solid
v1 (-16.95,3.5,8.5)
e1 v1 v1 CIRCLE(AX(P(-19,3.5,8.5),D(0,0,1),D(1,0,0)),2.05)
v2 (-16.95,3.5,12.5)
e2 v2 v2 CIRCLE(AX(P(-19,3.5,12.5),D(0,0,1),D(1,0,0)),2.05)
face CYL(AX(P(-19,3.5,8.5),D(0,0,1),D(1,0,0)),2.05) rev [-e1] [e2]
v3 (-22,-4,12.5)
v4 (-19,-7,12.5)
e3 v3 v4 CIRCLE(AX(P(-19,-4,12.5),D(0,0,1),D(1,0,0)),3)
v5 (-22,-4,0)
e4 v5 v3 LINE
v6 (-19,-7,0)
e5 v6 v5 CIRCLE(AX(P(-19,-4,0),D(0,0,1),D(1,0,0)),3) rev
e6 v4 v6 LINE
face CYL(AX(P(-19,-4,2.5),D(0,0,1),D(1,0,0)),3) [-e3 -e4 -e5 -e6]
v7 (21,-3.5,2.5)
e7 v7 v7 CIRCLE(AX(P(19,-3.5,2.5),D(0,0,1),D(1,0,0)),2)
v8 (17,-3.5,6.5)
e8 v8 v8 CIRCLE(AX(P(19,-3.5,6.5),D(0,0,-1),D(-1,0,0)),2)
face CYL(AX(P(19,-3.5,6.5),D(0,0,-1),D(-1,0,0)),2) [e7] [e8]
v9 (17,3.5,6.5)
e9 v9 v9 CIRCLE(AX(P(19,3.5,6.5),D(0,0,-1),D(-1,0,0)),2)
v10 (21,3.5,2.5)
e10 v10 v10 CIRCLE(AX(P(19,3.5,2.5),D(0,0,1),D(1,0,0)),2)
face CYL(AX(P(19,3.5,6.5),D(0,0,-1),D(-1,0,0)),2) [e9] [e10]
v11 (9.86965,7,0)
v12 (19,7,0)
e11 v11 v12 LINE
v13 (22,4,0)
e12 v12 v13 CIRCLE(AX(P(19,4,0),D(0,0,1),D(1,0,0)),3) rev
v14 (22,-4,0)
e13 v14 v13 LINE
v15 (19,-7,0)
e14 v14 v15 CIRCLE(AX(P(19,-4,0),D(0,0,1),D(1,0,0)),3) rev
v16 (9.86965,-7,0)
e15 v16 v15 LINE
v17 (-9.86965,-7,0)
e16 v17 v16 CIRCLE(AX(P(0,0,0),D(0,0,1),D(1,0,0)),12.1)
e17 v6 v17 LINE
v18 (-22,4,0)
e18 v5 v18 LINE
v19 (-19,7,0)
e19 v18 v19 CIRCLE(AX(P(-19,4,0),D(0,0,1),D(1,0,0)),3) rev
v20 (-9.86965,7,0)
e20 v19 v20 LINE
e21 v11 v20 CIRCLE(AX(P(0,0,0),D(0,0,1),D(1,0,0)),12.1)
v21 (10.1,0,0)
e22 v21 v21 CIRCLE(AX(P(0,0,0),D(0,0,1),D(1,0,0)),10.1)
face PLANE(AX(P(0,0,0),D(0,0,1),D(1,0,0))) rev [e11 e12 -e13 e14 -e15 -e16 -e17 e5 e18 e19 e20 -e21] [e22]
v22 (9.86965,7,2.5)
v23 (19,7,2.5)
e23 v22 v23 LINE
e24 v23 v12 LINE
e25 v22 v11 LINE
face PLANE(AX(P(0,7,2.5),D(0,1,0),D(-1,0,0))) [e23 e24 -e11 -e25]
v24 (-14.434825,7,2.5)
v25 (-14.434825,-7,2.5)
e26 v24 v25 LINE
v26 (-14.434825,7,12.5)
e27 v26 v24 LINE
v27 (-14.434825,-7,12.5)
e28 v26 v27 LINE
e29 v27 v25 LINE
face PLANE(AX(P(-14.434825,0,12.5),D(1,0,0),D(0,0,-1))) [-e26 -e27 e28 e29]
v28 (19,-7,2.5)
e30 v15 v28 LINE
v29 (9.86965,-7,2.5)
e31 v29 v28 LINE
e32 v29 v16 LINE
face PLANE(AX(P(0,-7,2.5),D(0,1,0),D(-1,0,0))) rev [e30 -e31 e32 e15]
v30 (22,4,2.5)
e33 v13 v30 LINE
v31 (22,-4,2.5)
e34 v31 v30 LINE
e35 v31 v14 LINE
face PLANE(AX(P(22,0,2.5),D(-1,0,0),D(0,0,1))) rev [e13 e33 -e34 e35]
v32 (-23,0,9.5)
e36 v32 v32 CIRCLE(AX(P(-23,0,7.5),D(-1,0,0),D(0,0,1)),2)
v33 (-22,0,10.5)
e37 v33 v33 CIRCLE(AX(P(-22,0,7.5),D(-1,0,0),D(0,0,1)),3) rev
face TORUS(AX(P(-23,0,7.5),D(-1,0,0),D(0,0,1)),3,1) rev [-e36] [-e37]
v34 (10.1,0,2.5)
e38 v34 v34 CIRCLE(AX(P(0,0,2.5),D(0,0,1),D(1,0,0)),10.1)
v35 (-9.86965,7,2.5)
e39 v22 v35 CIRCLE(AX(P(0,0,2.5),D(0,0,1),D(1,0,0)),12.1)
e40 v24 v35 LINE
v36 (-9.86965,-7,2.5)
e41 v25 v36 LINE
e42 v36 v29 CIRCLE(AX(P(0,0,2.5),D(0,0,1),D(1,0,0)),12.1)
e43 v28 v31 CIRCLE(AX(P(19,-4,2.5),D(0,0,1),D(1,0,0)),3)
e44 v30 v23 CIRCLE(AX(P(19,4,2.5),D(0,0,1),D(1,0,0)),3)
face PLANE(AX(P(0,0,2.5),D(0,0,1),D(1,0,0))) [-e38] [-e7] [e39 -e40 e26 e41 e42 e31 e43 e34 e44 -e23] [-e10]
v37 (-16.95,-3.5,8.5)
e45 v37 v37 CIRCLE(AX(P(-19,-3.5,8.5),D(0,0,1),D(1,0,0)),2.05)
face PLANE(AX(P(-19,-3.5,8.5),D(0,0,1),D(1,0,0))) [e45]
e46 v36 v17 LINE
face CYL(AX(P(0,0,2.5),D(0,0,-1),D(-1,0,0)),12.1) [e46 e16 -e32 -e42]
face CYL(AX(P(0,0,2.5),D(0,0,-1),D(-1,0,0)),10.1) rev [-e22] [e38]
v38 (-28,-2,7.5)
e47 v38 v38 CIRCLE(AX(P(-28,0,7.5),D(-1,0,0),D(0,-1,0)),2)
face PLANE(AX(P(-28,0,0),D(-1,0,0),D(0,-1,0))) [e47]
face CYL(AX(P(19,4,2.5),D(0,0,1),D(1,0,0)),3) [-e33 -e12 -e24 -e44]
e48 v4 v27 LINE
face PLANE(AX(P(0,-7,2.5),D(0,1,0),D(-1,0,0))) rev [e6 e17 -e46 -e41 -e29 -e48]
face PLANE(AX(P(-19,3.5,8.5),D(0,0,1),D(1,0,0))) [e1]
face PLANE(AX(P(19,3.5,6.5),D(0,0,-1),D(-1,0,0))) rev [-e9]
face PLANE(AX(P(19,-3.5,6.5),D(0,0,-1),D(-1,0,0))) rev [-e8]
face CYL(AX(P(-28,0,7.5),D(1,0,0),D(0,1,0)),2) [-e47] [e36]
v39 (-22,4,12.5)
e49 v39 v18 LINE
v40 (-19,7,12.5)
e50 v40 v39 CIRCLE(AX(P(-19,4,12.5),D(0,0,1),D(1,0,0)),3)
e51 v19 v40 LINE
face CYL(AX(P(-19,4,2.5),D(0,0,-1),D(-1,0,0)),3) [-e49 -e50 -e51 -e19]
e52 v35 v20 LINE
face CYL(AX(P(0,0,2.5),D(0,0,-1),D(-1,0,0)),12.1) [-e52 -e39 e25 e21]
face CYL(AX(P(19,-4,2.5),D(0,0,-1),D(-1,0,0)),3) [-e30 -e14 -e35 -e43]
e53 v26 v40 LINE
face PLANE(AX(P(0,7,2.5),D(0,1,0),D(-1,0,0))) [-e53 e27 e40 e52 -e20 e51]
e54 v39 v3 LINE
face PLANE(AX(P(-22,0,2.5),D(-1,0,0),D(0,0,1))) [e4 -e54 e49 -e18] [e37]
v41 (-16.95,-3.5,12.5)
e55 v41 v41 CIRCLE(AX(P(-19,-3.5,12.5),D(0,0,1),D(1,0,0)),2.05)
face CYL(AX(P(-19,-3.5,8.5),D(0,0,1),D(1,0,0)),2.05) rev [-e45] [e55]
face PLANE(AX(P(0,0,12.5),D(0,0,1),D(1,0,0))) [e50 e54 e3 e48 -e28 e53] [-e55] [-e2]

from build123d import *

# Parameters (mm, degrees)
EXTRUDE_1_DEPTH     = 2.5
FILLET_1_R          = 3
EXTRUDE_START       = 10
EXTRUDE_2_DEPTH     = 10
SKETCH_3_R          = 2
EXTRUDE_3_DEPTH     = 6
SKETCH_5_R          = 2
EXTRUDE_4_DEPTH     = 4
SKETCH_6_R          = 2.05
CUT_EXTRUDE_1_DEPTH = 4
FILLET_2_R          = 1


with BuildPart() as part:
    # 草图1 → 凸台-拉伸1 (new body)
    with BuildSketch(Plane.XY):
        with BuildLine():
            ThreePointArc((9.86965045, 7), (0, 12.1), (-9.86965045, 7))
            Line((-9.86965045, 7), (-7.28079666, 7))
            ThreePointArc((-7.28079666, 7), (0, 10.1), (7.28079666, 7))
            Line((7.28079666, 7), (9.86965045, 7))
        make_face()
        with BuildLine():
            Line((-22, 7), (-22, -7))
            Line((-22, -7), (-9.86965045, -7))
            ThreePointArc((-9.86965045, -7), (-12.1, 0), (-9.86965045, 7))
            Line((-9.86965045, 7), (-22, 7))
        make_face()
        with BuildLine():
            ThreePointArc((12.1, 0), (11.528936864, -3.673365593), (9.86965045, -7))
            Line((9.86965045, -7), (22, -7))
            Line((22, -7), (22, 7))
            Line((22, 7), (9.86965045, 7))
            ThreePointArc((9.86965045, 7), (11.528936864, 3.673365593), (12.1, 0))
        make_face()
        with BuildLine():
            Line((-7.28079666, -7), (-9.86965045, -7))
            ThreePointArc((-9.86965045, -7), (0, -12.1), (9.86965045, -7))
            Line((9.86965045, -7), (7.28079666, -7))
            ThreePointArc((7.28079666, -7), (0, -10.1), (-7.28079666, -7))
        make_face()
        with BuildLine():
            ThreePointArc((-9.86965045, 7), (-12.1, 0), (-9.86965045, -7))
            Line((-9.86965045, -7), (-7.28079666, -7))
            ThreePointArc((-7.28079666, -7), (-10.1, 0), (-7.28079666, 7))
            Line((-7.28079666, 7), (-9.86965045, 7))
        make_face()
        with BuildLine():
            Line((7.28079666, -7), (9.86965045, -7))
            ThreePointArc((9.86965045, -7), (11.528936864, -3.673365593), (12.1, 0))
            ThreePointArc((12.1, 0), (11.528936864, 3.673365593), (9.86965045, 7))
            Line((9.86965045, 7), (7.28079666, 7))
            ThreePointArc((7.28079666, 7), (9.368725801, 3.773191867), (10.1, 0))
            ThreePointArc((10.1, 0), (9.368725801, -3.773191867), (7.28079666, -7))
        make_face()
        with BuildLine():
            ThreePointArc((-9.86965045, 7), (-12.1, 0), (-9.86965045, -7))
            Line((-9.86965045, -7), (-7.28079666, -7))
            ThreePointArc((-7.28079666, -7), (-10.1, 0), (-7.28079666, 7))
            Line((-7.28079666, 7), (-9.86965045, 7))
        make_face()
        with BuildLine():
            Line((7.28079666, -7), (9.86965045, -7))
            ThreePointArc((9.86965045, -7), (11.528936864, -3.673365593), (12.1, 0))
            ThreePointArc((12.1, 0), (11.528936864, 3.673365593), (9.86965045, 7))
            Line((9.86965045, 7), (7.28079666, 7))
            ThreePointArc((7.28079666, 7), (9.368725801, 3.773191867), (10.1, 0))
            ThreePointArc((10.1, 0), (9.368725801, -3.773191867), (7.28079666, -7))
        make_face()
    extrude(amount=EXTRUDE_1_DEPTH)

    # 圆角1
    fillet_1_edges = [part.edges().sort_by_distance(p)[0] for p in [
        (22, 7, 1.25),
        (22, -7, 1.25),
        (-22, -7, 1.25),
        (-22, 7, 1.25),
    ]]
    fillet(fillet_1_edges, radius=FILLET_1_R)

    # 草图2 → 凸台-拉伸2 (add)
    with BuildSketch(Plane.XY.offset(2.5).offset(EXTRUDE_START)):
        with BuildLine():
            Line((-14.434825225, -7), (-14.434825225, 7))
            Line((-14.434825225, 7), (-19, 7))
            ThreePointArc((-19, 7), (-21.121320344, 6.121320344), (-22, 4))
            Line((-22, 4), (-22, -4))
            ThreePointArc((-22, -4), (-21.121320344, -6.121320344), (-19, -7))
            Line((-19, -7), (-14.434825225, -7))
        make_face()
    extrude(amount=-EXTRUDE_2_DEPTH)

    # 草图3 → 凸台-拉伸3 (add)
    with BuildSketch(Plane.ZY.offset(22)):
        with Locations(Location((7.5, 0, 0), (0, 0, 270))):
            Circle(SKETCH_3_R)
    extrude(amount=EXTRUDE_3_DEPTH)

    # 草图5 → 凸台-拉伸4 (add)
    with BuildSketch(Plane.XY.offset(2.5)):
        with Locations(Location((19, -3.5, 0), (0, 0, 180))):
            Circle(SKETCH_5_R)
        with Locations(Location((19, 3.5, 0), (0, 0, 180))):
            Circle(SKETCH_5_R)
    extrude(amount=EXTRUDE_4_DEPTH)

    # 草图6 → 切除-拉伸1 (cut)
    with BuildSketch(Plane.XY.offset(12.5)):
        with Locations((-19, 3.5)):
            Circle(SKETCH_6_R)
        with Locations((-19, -3.5)):
            Circle(SKETCH_6_R)
    extrude(amount=-CUT_EXTRUDE_1_DEPTH, mode=Mode.SUBTRACT)

    # 圆角2
    fillet_2_edges = [part.edges().sort_by_distance(p)[0] for p in [
        (-22, 2, 7.5),
    ]]
    fillet(fillet_2_edges, radius=FILLET_2_R)


solid = part.part
